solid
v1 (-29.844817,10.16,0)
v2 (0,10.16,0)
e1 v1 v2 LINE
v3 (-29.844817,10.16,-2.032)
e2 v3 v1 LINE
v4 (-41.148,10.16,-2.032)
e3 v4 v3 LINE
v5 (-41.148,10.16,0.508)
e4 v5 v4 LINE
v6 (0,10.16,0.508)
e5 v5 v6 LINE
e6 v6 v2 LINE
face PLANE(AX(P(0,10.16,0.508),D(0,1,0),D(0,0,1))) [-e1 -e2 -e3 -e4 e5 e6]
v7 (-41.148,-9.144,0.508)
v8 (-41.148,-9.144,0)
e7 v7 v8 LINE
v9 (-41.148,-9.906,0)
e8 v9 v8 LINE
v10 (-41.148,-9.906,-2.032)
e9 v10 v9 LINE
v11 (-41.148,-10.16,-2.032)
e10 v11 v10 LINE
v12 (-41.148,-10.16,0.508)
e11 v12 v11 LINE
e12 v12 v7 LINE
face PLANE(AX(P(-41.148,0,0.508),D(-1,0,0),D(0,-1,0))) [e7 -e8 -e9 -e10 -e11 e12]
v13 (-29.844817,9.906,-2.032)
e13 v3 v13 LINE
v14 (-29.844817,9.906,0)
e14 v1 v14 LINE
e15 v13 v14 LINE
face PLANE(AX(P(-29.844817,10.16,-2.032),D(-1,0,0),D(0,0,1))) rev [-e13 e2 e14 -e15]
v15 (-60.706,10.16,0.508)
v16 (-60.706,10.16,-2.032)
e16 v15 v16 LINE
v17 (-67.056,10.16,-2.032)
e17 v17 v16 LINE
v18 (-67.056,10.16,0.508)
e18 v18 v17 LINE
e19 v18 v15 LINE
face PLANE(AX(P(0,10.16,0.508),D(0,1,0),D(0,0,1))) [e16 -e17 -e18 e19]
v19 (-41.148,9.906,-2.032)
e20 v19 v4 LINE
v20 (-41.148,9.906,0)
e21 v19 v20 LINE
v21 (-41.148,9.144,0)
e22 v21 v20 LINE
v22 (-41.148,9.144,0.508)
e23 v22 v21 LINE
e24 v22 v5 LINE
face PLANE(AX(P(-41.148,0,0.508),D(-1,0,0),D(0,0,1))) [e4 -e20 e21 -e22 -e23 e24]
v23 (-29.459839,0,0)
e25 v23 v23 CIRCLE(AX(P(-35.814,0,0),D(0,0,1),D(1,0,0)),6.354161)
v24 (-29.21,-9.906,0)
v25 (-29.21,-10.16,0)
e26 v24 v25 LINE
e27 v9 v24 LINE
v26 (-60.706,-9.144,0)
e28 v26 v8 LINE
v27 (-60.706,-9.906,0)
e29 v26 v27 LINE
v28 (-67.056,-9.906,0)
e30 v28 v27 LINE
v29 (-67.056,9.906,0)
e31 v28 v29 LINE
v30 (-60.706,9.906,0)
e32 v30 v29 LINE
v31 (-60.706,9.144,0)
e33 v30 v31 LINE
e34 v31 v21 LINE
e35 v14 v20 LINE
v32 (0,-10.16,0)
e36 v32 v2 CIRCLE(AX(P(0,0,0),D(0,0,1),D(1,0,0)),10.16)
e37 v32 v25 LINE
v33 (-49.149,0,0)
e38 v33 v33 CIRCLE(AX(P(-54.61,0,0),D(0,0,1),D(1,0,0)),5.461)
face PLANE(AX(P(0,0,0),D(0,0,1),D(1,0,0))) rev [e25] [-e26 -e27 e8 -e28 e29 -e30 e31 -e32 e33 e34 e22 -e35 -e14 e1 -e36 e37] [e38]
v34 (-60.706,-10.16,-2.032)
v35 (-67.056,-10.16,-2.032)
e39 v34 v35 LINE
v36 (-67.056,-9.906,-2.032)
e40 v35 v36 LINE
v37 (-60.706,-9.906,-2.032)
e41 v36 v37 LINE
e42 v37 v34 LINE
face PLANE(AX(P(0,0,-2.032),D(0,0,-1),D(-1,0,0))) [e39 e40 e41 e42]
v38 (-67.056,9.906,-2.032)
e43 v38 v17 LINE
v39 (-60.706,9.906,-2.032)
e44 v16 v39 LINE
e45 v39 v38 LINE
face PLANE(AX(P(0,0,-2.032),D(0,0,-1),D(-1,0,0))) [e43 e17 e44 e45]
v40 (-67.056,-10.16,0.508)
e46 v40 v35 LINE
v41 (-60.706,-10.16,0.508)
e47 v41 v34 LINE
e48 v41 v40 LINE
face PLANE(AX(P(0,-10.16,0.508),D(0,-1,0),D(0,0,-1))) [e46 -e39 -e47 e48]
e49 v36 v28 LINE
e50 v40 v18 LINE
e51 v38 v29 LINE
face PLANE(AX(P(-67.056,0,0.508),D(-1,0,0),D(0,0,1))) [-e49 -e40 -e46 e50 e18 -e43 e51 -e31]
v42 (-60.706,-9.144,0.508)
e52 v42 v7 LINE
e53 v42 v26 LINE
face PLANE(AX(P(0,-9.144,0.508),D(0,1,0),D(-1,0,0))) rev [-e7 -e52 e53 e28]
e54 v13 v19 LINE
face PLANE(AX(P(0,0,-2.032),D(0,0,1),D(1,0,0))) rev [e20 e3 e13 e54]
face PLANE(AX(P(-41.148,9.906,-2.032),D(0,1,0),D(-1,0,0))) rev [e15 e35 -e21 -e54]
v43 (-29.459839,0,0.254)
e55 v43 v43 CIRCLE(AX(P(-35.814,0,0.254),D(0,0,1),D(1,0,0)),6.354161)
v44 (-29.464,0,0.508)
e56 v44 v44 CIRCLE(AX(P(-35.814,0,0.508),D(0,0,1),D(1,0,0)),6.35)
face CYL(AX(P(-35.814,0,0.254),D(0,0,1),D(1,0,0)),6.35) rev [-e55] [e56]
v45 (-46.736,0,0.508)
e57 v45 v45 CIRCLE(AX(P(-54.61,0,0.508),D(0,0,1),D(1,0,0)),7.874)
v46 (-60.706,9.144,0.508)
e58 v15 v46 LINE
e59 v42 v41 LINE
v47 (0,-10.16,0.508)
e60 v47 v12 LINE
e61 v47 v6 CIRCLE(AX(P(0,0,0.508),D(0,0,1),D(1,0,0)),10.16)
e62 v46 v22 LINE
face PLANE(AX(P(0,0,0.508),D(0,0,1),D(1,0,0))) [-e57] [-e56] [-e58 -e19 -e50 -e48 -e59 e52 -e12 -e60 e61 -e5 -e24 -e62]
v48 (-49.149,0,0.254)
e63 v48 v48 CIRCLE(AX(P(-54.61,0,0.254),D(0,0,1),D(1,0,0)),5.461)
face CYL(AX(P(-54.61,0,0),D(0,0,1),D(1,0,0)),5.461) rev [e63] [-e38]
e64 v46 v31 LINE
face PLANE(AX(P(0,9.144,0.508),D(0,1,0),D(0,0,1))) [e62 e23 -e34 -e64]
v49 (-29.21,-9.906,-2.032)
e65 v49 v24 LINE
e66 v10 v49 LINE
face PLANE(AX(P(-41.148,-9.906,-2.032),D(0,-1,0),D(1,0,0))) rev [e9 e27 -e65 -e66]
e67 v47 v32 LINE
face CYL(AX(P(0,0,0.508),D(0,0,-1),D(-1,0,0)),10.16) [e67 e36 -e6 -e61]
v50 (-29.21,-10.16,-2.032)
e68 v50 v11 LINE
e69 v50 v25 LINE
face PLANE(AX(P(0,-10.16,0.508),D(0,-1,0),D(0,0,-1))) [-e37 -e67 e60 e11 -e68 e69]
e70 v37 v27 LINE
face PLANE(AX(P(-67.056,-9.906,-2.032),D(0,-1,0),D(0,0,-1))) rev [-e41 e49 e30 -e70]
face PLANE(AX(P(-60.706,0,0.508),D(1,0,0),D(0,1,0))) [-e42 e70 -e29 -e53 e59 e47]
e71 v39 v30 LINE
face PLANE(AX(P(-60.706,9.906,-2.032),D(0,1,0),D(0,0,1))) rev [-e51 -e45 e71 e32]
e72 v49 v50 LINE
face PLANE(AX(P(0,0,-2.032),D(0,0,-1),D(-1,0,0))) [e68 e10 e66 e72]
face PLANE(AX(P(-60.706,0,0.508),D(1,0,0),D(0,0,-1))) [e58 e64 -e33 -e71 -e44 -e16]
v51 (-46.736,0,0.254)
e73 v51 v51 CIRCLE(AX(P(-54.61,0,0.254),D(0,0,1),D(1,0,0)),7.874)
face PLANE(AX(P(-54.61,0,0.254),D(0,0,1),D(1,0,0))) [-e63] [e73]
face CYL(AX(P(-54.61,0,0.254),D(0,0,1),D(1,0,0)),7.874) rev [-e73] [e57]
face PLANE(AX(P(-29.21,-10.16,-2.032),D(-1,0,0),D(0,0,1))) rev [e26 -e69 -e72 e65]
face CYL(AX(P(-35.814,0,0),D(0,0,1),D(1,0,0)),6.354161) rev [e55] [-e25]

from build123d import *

# Parameters (mm, degrees)
BOSS_EXTRUDE1_DEPTH = 0.508
SKETCH2_R           = 7.874
SKETCH2_R_2         = 6.35
CUT_EXTRUDE2_DEPTH  = 0.254
SKETCH5_R           = 6.354160617
CUT_EXTRUDE3_DEPTH  = 68.821805137
SKETCH6_R           = 5.461
CUT_EXTRUDE4_DEPTH  = 68.821805137
SKETCH7_W           = 19.558
SKETCH7_H           = 1.016
CUT_EXTRUDE5_DEPTH  = 68.823232008
SKETCH8_W           = 6.35
SKETCH8_H           = 0.254
BOSS_EXTRUDE2_DEPTH = 2.032
SKETCH10_W          = 11.303182767
SKETCH10_H          = 0.254
BOSS_EXTRUDE3_DEPTH = 2.032
SKETCH11_W          = 6.35
SKETCH11_H          = 0.254
BOSS_EXTRUDE4_DEPTH = 2.032
SKETCH12_W          = 11.938
SKETCH12_H          = 0.254
BOSS_EXTRUDE5_DEPTH = 2.032


with BuildPart() as part:
    # Sketch1 → Boss-Extrude1 (new body)
    with BuildSketch(Plane.XY):
        with BuildLine():
            ThreePointArc((0, -10.16), (10.16, 0), (0, 10.16))
            Line((0, 10.16), (-67.056, 10.16))
            Line((-67.056, 10.16), (-67.056, -10.16))
            Line((-67.056, -10.16), (0, -10.16))
        make_face()
    extrude(amount=BOSS_EXTRUDE1_DEPTH)

    # Sketch2 → Cut-Extrude2 (cut)
    with BuildSketch(Plane.XY.offset(0.508)):
        with Locations((-54.61, 0)):
            Circle(SKETCH2_R)
        with Locations((-35.814, 0)):
            Circle(SKETCH2_R_2)
    extrude(amount=-CUT_EXTRUDE2_DEPTH, mode=Mode.SUBTRACT)

    # Sketch5 → Cut-Extrude3 (cut, through all)
    with BuildSketch(Plane.XY.offset(0.254)):
        with Locations((-35.814, 0)):
            Circle(SKETCH5_R)
    extrude(amount=-CUT_EXTRUDE3_DEPTH, mode=Mode.SUBTRACT)

    # Sketch6 → Cut-Extrude4 (cut, through all)
    with BuildSketch(Plane.XY.offset(0.254)):
        with Locations((-54.61, 0)):
            Circle(SKETCH6_R)
    extrude(amount=-CUT_EXTRUDE4_DEPTH, mode=Mode.SUBTRACT)

    # Sketch7 → Cut-Extrude5 (cut, through all)
    with BuildSketch(Plane(origin=(0, 0, 0), x_dir=(-1, 0, 0), z_dir=(0, 0, -1))):
        with Locations((50.927, 9.652)):
            Rectangle(SKETCH7_W, SKETCH7_H)
        with Locations((50.927, -9.652)):
            Rectangle(SKETCH7_W, SKETCH7_H)
    extrude(amount=-CUT_EXTRUDE5_DEPTH, mode=Mode.SUBTRACT)

    # Sketch8 → Boss-Extrude2 (add)
    with BuildSketch(Plane(origin=(0, 0, 0), x_dir=(-1, 0, 0), z_dir=(0, 0, -1))):
        with Locations((63.881, 10.033)):
            Rectangle(SKETCH8_W, SKETCH8_H)
    extrude(amount=BOSS_EXTRUDE2_DEPTH)

    # Sketch10 → Boss-Extrude3 (add)
    with BuildSketch(Plane(origin=(0, 0, 0), x_dir=(-1, 0, 0), z_dir=(0, 0, -1))):
        with Locations((35.496408617, 10.033)):
            Rectangle(SKETCH10_W, SKETCH10_H)
    extrude(amount=BOSS_EXTRUDE3_DEPTH)

    # Sketch11 → Boss-Extrude4 (add)
    with BuildSketch(Plane(origin=(0, 0, 0), x_dir=(-1, 0, 0), z_dir=(0, 0, -1))):
        with Locations((63.881, -10.033)):
            Rectangle(SKETCH11_W, SKETCH11_H)
    extrude(amount=BOSS_EXTRUDE4_DEPTH)

    # Sketch12 → Boss-Extrude5 (add)
    with BuildSketch(Plane(origin=(0, 0, 0), x_dir=(-1, 0, 0), z_dir=(0, 0, -1))):
        with Locations((35.179, -10.033)):
            Rectangle(SKETCH12_W, SKETCH12_H)
    extrude(amount=BOSS_EXTRUDE5_DEPTH)


solid = part.part
